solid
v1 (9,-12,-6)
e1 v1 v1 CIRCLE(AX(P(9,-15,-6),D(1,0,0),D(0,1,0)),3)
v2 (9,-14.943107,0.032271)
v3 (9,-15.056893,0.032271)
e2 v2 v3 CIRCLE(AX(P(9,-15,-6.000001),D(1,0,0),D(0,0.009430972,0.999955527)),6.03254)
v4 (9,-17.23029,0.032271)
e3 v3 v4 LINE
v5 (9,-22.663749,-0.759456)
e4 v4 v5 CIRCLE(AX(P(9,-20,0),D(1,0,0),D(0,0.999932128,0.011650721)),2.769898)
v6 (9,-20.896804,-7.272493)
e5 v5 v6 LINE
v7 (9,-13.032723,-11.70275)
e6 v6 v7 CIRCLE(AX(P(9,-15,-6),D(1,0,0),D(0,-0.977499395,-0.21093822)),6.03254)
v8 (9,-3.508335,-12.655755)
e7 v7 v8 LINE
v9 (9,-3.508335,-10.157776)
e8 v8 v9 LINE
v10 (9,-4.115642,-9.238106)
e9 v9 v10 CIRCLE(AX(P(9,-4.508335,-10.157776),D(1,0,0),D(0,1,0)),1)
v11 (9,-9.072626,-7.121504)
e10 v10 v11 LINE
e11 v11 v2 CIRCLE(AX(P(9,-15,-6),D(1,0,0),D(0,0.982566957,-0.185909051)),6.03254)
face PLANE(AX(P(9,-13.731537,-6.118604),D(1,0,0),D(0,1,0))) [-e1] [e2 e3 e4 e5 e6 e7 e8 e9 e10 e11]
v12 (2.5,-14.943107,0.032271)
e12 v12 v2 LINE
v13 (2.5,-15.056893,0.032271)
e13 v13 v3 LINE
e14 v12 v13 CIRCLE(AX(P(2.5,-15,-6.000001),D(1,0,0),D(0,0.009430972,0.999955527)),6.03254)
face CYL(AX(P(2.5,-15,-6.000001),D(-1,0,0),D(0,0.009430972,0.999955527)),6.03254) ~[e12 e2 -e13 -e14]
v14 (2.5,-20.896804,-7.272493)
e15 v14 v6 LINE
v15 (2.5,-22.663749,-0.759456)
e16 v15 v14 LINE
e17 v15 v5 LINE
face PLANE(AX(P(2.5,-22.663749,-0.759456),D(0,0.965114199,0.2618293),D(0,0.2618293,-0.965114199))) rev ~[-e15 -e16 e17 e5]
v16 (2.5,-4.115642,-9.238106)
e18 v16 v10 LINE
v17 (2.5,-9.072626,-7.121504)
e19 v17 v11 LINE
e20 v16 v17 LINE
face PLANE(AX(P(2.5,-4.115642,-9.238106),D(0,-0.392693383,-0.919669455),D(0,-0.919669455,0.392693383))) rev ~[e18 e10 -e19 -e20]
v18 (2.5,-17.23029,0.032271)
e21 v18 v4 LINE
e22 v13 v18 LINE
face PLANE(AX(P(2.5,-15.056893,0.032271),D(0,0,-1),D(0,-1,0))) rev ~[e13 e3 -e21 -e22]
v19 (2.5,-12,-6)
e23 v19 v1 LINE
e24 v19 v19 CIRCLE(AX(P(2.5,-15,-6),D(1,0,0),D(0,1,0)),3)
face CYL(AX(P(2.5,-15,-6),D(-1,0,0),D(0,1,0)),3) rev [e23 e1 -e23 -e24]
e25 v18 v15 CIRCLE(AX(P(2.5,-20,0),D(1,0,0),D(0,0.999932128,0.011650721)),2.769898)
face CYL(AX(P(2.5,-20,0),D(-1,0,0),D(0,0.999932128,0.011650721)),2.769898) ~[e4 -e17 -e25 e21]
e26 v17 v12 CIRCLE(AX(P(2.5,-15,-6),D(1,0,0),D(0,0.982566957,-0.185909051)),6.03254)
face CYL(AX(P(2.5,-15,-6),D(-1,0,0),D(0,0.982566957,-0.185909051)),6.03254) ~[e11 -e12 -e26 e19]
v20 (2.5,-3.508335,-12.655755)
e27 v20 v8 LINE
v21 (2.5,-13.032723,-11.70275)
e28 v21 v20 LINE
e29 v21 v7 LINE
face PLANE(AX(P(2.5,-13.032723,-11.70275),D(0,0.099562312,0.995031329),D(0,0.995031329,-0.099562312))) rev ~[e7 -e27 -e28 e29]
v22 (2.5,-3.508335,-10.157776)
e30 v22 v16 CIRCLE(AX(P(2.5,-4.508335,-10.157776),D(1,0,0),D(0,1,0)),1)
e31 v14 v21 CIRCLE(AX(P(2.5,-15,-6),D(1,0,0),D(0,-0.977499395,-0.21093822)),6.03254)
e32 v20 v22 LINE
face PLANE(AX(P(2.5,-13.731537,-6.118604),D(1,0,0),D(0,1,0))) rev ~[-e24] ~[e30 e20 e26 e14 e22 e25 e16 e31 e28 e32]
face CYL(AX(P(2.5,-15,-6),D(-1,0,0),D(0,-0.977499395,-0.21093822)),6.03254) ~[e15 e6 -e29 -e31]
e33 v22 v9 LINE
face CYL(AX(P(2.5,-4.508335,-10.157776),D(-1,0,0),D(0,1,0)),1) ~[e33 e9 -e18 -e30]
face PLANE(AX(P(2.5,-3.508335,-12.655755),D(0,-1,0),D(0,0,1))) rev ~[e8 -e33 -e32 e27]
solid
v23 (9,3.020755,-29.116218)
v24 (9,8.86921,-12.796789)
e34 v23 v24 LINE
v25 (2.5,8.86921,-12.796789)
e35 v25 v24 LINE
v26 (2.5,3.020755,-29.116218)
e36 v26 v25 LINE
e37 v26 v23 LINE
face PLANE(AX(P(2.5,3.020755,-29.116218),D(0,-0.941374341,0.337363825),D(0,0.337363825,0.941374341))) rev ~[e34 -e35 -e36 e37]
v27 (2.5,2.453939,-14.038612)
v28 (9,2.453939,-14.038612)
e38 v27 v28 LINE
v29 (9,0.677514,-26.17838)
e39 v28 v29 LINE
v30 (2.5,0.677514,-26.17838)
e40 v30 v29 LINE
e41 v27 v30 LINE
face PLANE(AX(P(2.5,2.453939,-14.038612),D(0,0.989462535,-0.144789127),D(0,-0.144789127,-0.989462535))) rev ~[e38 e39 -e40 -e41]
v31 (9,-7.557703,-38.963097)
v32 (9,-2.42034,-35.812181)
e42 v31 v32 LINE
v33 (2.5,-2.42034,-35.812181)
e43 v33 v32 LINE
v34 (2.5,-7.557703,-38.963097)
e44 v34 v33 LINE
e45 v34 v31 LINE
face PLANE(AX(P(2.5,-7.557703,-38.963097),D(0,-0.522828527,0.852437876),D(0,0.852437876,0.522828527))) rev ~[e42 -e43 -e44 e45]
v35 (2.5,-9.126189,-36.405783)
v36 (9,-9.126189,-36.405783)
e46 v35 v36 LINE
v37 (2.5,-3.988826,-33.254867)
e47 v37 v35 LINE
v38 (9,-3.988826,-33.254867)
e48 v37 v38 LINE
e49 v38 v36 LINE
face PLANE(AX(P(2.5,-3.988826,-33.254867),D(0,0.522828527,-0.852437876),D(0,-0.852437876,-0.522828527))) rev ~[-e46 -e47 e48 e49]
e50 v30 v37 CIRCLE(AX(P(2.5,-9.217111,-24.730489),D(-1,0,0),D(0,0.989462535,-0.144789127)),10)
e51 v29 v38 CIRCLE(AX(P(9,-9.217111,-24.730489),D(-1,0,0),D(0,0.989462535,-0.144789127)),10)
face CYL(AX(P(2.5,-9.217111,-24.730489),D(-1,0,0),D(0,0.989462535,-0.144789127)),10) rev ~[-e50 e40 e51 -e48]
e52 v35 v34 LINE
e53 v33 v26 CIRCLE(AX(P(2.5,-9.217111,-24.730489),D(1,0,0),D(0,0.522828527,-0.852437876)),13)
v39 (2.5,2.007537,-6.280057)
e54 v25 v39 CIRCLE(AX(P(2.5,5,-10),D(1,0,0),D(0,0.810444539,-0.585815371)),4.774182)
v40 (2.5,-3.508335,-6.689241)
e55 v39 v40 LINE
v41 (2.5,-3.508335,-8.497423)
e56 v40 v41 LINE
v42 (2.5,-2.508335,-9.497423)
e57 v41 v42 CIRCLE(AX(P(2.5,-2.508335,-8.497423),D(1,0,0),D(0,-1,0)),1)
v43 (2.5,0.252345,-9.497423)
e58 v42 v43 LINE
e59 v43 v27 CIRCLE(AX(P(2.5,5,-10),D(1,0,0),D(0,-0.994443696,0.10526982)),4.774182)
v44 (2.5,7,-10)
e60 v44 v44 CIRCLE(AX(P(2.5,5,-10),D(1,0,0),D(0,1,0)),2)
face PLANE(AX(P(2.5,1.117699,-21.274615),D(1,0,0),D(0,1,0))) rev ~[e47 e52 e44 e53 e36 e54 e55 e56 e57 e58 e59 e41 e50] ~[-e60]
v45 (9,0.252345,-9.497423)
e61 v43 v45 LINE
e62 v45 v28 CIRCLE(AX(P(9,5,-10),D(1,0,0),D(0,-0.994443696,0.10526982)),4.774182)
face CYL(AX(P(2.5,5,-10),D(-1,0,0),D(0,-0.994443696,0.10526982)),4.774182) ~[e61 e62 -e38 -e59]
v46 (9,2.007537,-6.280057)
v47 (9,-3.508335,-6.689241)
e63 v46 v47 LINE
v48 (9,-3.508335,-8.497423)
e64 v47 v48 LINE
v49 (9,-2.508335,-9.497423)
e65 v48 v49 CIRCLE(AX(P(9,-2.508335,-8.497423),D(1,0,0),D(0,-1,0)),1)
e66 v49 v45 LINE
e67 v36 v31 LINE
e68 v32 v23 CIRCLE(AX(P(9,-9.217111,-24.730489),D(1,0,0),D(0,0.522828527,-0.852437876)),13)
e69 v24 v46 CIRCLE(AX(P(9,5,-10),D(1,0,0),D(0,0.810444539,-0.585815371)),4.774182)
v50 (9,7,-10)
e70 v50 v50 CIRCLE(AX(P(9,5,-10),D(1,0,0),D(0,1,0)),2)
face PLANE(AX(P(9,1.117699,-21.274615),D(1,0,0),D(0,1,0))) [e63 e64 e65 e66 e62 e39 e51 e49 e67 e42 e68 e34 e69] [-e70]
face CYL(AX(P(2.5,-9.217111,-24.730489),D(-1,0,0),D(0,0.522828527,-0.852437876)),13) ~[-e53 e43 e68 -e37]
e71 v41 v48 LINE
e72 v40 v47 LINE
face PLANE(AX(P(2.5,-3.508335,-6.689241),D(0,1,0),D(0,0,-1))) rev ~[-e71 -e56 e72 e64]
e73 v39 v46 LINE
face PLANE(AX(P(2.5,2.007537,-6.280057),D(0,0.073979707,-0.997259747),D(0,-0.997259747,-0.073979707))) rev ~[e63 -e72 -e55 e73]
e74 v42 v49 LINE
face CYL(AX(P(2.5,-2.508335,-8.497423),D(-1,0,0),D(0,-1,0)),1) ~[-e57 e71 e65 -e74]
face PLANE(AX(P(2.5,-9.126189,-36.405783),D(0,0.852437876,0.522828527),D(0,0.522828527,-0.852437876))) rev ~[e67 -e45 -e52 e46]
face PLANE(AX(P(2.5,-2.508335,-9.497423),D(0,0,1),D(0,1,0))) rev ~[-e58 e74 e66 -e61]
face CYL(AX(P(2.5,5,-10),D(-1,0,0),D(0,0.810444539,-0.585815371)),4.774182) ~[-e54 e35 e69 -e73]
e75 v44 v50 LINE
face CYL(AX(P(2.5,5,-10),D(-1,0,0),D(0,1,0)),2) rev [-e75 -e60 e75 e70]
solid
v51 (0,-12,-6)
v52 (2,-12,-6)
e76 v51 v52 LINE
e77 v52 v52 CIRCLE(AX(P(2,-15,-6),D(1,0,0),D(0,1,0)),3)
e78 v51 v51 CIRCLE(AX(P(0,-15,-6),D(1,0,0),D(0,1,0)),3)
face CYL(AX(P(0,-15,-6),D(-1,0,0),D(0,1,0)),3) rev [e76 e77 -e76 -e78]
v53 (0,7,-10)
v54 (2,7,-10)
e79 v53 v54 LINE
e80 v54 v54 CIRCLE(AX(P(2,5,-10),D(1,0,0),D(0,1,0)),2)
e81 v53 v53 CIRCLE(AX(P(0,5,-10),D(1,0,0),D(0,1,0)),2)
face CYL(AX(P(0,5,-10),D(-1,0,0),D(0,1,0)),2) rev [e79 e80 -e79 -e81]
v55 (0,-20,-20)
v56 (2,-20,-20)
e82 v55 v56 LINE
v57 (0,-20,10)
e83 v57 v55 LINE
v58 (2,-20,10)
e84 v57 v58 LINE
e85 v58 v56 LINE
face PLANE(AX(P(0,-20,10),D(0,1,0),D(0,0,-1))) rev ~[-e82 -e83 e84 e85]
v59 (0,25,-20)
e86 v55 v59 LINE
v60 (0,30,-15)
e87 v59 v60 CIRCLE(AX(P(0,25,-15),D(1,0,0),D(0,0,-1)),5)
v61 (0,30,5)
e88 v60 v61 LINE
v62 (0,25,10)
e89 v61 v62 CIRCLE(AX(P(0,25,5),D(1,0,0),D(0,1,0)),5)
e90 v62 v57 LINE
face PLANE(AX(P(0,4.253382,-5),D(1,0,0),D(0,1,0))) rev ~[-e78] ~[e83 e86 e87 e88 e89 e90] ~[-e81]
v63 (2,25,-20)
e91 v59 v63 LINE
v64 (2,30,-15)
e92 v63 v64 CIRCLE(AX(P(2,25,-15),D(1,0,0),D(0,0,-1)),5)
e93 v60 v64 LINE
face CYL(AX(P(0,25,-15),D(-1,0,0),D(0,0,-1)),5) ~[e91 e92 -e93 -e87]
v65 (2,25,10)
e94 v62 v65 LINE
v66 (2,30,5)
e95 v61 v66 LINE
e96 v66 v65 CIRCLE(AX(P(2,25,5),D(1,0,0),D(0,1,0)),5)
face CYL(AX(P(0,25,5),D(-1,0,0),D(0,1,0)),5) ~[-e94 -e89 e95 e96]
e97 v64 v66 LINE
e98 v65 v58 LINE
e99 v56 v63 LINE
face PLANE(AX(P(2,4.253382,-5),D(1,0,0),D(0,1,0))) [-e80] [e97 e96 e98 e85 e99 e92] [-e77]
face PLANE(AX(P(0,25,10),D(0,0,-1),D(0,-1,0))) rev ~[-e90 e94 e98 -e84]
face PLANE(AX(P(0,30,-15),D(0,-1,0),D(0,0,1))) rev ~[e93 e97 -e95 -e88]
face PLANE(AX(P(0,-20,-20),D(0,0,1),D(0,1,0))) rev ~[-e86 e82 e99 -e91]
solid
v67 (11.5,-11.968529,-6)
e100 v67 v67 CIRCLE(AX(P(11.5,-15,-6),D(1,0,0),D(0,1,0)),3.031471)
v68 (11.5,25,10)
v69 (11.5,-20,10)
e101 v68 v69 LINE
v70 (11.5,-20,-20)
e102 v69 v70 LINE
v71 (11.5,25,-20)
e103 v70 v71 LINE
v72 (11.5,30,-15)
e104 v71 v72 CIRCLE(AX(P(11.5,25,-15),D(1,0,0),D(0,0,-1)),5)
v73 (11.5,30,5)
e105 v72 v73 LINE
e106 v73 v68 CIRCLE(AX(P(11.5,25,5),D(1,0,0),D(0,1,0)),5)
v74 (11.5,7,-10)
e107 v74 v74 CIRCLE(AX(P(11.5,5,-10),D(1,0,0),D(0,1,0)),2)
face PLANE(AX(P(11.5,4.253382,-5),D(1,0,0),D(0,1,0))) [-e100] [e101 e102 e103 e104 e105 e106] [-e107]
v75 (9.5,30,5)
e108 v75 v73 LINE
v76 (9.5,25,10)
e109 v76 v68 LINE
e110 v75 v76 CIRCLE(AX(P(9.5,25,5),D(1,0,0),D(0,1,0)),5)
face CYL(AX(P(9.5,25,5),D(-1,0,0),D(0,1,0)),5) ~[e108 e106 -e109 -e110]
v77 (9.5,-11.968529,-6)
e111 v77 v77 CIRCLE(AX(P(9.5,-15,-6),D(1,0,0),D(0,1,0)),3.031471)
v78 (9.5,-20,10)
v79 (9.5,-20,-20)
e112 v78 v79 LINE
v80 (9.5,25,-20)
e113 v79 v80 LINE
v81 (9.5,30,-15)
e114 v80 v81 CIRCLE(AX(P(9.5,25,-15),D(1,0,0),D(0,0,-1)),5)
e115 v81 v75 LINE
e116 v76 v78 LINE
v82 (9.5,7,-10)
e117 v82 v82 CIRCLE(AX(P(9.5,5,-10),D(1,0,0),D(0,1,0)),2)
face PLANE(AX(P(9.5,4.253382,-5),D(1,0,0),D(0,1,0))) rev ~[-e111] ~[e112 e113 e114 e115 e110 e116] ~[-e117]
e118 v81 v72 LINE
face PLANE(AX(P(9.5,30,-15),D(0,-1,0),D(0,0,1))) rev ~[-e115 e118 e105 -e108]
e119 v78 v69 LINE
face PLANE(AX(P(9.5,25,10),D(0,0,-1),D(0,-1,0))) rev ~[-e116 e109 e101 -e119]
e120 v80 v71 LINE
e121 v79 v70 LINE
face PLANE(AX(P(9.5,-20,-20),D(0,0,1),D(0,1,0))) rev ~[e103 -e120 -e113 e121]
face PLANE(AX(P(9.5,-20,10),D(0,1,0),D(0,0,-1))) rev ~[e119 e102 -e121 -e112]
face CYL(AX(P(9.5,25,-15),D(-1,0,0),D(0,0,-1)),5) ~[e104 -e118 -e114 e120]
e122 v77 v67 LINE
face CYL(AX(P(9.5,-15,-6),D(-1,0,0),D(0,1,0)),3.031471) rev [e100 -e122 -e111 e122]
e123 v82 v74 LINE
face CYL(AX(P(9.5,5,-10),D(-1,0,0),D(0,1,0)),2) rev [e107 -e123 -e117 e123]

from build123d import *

# Parameters (mm, degrees)
F0_R     = 3
F0_R_2   = 2
F1_DEPTH = 2
F3_START = 0.5
F2_R     = 3
F3_DEPTH = 6.5
F2_R_2   = 2
F5_START = 0.5
F4_R     = 3.0314707769
F4_R_2   = 2
F5_DEPTH = 2


with BuildPart() as f1:
    # F0 (on Right) → F1 (new body)
    with BuildSketch(Plane.YZ):
        with BuildLine():
            Line((25, 10), (-20, 10))
            Line((-20, 10), (-20, -20))
            Line((-20, -20), (25, -20))
            ThreePointArc((25, -20), (28.5355339059, -18.5355339059), (30, -15))
            Line((30, -15), (30, 5))
            ThreePointArc((30, 5), (28.5355339059, 8.5355339059), (25, 10))
        make_face()
        with Locations((-15, -6)):
            Circle(F0_R, mode=Mode.SUBTRACT)
        with Locations((5, -10)):
            Circle(F0_R_2, mode=Mode.SUBTRACT)
    extrude(amount=F1_DEPTH)


with BuildPart() as f3:
    # F2 (on face) → F3 (new body)
    with BuildSketch(Plane.YZ.offset(2).offset(F3_START)):
        with BuildLine():
            Line((-22.6637491681, -0.7594555912), (-20.8968037957, -7.2724931646))
            ThreePointArc((-20.8968037957, -7.2724931646), (-17.9609272097, -11.2558961099), (-13.03272348, -11.7027499466))
            Line((-13.03272348, -11.7027499466), (-3.5083352122, -12.6557552287))
            Line((-3.5083352122, -12.6557552287), (-3.5083352122, -10.1577758701))
            ThreePointArc((-3.5083352122, -10.1577758701), (-3.6738613113, -9.6067284051), (-4.1156418296, -9.2381064147))
            Line((-4.1156418296, -9.2381064147), (-9.0726259367, -7.1215037103))
            ThreePointArc((-9.0726259367, -7.1215037103), (-10.3366335686, -2.173180513), (-14.943107279, 0.0322713034))
            Line((-14.943107279, 0.0322713034), (-15.056892721, 0.0322713034))
            Line((-15.056892721, 0.0322713034), (-17.2302904505, 0.0322713034))
            ThreePointArc((-17.2302904505, 0.0322713034), (-20.3993930013, 2.7409519617), (-22.6637491681, -0.7594555912))
        make_face()
        with Locations((-15, -6)):
            Circle(F2_R, mode=Mode.SUBTRACT)
        with BuildLine():
            ThreePointArc((-14.943107279, 0.0322713034), (-15, 0.0325395862), (-15.056892721, 0.0322713034))
            Line((-15.056892721, 0.0322713034), (-14.943107279, 0.0322713034))
        make_face()
    extrude(amount=F3_DEPTH)


with BuildPart() as f3b:
    # F2 (on face) → F3, piece 2 (new body)
    with BuildSketch(Plane.YZ.offset(2).offset(F3_START)):
        with BuildLine():
            Line((-2.5083352122, -9.497422725), (0.2523448505, -9.497422725))
            ThreePointArc((0.2523448505, -9.497422725), (0.7040515837, -12.0827003001), (2.4539394436, -14.038612259))
            Line((2.4539394436, -14.038612259), (0.6775140536, -26.1783799444))
            ThreePointArc((0.6775140536, -26.1783799444), (-0.8687716335, -30.2355068211), (-3.9888260326, -33.2548674266))
            Line((-3.9888260326, -33.2548674266), (-9.1261887803, -36.4057830215))
            Line((-9.1261887803, -36.4057830215), (-7.5577032005, -38.9630966484))
            Line((-7.5577032005, -38.9630966484), (-2.4203404528, -35.8121810535))
            ThreePointArc((-2.4203404528, -35.8121810535), (0.8719091232, -32.9287608623), (3.0207551338, -29.1162183915))
            Line((3.0207551338, -29.1162183915), (8.8692096956, -12.796789171))
            ThreePointArc((8.8692096956, -12.796789171), (8.2877227219, -6.5382529497), (2.0075366127, -6.2800569612))
            Line((2.0075366127, -6.2800569612), (-3.5083352122, -6.6892408108))
            Line((-3.5083352122, -6.6892408108), (-3.5083352122, -8.497422725))
            ThreePointArc((-3.5083352122, -8.497422725), (-3.2154419934, -9.2045295061), (-2.5083352122, -9.497422725))
        make_face()
        with Locations((5, -10)):
            Circle(F2_R_2, mode=Mode.SUBTRACT)
    extrude(amount=F3_DEPTH)


with BuildPart() as f5:
    # F4 (on face) → F5 (new body)
    with BuildSketch(Plane.YZ.offset(9).offset(F5_START)):
        with BuildLine():
            Line((25, 10), (-20, 10))
            Line((-20, 10), (-20, -20))
            Line((-20, -20), (25, -20))
            ThreePointArc((25, -20), (28.5355339059, -18.5355339059), (30, -15))
            Line((30, -15), (30, 5))
            ThreePointArc((30, 5), (28.5355339059, 8.5355339059), (25, 10))
        make_face()
        with Locations((-15, -6)):
            Circle(F4_R, mode=Mode.SUBTRACT)
        with Locations((5, -10)):
            Circle(F4_R_2, mode=Mode.SUBTRACT)
    extrude(amount=F5_DEPTH)


solid = Compound([f1.part, f3.part, f3b.part, f5.part])
